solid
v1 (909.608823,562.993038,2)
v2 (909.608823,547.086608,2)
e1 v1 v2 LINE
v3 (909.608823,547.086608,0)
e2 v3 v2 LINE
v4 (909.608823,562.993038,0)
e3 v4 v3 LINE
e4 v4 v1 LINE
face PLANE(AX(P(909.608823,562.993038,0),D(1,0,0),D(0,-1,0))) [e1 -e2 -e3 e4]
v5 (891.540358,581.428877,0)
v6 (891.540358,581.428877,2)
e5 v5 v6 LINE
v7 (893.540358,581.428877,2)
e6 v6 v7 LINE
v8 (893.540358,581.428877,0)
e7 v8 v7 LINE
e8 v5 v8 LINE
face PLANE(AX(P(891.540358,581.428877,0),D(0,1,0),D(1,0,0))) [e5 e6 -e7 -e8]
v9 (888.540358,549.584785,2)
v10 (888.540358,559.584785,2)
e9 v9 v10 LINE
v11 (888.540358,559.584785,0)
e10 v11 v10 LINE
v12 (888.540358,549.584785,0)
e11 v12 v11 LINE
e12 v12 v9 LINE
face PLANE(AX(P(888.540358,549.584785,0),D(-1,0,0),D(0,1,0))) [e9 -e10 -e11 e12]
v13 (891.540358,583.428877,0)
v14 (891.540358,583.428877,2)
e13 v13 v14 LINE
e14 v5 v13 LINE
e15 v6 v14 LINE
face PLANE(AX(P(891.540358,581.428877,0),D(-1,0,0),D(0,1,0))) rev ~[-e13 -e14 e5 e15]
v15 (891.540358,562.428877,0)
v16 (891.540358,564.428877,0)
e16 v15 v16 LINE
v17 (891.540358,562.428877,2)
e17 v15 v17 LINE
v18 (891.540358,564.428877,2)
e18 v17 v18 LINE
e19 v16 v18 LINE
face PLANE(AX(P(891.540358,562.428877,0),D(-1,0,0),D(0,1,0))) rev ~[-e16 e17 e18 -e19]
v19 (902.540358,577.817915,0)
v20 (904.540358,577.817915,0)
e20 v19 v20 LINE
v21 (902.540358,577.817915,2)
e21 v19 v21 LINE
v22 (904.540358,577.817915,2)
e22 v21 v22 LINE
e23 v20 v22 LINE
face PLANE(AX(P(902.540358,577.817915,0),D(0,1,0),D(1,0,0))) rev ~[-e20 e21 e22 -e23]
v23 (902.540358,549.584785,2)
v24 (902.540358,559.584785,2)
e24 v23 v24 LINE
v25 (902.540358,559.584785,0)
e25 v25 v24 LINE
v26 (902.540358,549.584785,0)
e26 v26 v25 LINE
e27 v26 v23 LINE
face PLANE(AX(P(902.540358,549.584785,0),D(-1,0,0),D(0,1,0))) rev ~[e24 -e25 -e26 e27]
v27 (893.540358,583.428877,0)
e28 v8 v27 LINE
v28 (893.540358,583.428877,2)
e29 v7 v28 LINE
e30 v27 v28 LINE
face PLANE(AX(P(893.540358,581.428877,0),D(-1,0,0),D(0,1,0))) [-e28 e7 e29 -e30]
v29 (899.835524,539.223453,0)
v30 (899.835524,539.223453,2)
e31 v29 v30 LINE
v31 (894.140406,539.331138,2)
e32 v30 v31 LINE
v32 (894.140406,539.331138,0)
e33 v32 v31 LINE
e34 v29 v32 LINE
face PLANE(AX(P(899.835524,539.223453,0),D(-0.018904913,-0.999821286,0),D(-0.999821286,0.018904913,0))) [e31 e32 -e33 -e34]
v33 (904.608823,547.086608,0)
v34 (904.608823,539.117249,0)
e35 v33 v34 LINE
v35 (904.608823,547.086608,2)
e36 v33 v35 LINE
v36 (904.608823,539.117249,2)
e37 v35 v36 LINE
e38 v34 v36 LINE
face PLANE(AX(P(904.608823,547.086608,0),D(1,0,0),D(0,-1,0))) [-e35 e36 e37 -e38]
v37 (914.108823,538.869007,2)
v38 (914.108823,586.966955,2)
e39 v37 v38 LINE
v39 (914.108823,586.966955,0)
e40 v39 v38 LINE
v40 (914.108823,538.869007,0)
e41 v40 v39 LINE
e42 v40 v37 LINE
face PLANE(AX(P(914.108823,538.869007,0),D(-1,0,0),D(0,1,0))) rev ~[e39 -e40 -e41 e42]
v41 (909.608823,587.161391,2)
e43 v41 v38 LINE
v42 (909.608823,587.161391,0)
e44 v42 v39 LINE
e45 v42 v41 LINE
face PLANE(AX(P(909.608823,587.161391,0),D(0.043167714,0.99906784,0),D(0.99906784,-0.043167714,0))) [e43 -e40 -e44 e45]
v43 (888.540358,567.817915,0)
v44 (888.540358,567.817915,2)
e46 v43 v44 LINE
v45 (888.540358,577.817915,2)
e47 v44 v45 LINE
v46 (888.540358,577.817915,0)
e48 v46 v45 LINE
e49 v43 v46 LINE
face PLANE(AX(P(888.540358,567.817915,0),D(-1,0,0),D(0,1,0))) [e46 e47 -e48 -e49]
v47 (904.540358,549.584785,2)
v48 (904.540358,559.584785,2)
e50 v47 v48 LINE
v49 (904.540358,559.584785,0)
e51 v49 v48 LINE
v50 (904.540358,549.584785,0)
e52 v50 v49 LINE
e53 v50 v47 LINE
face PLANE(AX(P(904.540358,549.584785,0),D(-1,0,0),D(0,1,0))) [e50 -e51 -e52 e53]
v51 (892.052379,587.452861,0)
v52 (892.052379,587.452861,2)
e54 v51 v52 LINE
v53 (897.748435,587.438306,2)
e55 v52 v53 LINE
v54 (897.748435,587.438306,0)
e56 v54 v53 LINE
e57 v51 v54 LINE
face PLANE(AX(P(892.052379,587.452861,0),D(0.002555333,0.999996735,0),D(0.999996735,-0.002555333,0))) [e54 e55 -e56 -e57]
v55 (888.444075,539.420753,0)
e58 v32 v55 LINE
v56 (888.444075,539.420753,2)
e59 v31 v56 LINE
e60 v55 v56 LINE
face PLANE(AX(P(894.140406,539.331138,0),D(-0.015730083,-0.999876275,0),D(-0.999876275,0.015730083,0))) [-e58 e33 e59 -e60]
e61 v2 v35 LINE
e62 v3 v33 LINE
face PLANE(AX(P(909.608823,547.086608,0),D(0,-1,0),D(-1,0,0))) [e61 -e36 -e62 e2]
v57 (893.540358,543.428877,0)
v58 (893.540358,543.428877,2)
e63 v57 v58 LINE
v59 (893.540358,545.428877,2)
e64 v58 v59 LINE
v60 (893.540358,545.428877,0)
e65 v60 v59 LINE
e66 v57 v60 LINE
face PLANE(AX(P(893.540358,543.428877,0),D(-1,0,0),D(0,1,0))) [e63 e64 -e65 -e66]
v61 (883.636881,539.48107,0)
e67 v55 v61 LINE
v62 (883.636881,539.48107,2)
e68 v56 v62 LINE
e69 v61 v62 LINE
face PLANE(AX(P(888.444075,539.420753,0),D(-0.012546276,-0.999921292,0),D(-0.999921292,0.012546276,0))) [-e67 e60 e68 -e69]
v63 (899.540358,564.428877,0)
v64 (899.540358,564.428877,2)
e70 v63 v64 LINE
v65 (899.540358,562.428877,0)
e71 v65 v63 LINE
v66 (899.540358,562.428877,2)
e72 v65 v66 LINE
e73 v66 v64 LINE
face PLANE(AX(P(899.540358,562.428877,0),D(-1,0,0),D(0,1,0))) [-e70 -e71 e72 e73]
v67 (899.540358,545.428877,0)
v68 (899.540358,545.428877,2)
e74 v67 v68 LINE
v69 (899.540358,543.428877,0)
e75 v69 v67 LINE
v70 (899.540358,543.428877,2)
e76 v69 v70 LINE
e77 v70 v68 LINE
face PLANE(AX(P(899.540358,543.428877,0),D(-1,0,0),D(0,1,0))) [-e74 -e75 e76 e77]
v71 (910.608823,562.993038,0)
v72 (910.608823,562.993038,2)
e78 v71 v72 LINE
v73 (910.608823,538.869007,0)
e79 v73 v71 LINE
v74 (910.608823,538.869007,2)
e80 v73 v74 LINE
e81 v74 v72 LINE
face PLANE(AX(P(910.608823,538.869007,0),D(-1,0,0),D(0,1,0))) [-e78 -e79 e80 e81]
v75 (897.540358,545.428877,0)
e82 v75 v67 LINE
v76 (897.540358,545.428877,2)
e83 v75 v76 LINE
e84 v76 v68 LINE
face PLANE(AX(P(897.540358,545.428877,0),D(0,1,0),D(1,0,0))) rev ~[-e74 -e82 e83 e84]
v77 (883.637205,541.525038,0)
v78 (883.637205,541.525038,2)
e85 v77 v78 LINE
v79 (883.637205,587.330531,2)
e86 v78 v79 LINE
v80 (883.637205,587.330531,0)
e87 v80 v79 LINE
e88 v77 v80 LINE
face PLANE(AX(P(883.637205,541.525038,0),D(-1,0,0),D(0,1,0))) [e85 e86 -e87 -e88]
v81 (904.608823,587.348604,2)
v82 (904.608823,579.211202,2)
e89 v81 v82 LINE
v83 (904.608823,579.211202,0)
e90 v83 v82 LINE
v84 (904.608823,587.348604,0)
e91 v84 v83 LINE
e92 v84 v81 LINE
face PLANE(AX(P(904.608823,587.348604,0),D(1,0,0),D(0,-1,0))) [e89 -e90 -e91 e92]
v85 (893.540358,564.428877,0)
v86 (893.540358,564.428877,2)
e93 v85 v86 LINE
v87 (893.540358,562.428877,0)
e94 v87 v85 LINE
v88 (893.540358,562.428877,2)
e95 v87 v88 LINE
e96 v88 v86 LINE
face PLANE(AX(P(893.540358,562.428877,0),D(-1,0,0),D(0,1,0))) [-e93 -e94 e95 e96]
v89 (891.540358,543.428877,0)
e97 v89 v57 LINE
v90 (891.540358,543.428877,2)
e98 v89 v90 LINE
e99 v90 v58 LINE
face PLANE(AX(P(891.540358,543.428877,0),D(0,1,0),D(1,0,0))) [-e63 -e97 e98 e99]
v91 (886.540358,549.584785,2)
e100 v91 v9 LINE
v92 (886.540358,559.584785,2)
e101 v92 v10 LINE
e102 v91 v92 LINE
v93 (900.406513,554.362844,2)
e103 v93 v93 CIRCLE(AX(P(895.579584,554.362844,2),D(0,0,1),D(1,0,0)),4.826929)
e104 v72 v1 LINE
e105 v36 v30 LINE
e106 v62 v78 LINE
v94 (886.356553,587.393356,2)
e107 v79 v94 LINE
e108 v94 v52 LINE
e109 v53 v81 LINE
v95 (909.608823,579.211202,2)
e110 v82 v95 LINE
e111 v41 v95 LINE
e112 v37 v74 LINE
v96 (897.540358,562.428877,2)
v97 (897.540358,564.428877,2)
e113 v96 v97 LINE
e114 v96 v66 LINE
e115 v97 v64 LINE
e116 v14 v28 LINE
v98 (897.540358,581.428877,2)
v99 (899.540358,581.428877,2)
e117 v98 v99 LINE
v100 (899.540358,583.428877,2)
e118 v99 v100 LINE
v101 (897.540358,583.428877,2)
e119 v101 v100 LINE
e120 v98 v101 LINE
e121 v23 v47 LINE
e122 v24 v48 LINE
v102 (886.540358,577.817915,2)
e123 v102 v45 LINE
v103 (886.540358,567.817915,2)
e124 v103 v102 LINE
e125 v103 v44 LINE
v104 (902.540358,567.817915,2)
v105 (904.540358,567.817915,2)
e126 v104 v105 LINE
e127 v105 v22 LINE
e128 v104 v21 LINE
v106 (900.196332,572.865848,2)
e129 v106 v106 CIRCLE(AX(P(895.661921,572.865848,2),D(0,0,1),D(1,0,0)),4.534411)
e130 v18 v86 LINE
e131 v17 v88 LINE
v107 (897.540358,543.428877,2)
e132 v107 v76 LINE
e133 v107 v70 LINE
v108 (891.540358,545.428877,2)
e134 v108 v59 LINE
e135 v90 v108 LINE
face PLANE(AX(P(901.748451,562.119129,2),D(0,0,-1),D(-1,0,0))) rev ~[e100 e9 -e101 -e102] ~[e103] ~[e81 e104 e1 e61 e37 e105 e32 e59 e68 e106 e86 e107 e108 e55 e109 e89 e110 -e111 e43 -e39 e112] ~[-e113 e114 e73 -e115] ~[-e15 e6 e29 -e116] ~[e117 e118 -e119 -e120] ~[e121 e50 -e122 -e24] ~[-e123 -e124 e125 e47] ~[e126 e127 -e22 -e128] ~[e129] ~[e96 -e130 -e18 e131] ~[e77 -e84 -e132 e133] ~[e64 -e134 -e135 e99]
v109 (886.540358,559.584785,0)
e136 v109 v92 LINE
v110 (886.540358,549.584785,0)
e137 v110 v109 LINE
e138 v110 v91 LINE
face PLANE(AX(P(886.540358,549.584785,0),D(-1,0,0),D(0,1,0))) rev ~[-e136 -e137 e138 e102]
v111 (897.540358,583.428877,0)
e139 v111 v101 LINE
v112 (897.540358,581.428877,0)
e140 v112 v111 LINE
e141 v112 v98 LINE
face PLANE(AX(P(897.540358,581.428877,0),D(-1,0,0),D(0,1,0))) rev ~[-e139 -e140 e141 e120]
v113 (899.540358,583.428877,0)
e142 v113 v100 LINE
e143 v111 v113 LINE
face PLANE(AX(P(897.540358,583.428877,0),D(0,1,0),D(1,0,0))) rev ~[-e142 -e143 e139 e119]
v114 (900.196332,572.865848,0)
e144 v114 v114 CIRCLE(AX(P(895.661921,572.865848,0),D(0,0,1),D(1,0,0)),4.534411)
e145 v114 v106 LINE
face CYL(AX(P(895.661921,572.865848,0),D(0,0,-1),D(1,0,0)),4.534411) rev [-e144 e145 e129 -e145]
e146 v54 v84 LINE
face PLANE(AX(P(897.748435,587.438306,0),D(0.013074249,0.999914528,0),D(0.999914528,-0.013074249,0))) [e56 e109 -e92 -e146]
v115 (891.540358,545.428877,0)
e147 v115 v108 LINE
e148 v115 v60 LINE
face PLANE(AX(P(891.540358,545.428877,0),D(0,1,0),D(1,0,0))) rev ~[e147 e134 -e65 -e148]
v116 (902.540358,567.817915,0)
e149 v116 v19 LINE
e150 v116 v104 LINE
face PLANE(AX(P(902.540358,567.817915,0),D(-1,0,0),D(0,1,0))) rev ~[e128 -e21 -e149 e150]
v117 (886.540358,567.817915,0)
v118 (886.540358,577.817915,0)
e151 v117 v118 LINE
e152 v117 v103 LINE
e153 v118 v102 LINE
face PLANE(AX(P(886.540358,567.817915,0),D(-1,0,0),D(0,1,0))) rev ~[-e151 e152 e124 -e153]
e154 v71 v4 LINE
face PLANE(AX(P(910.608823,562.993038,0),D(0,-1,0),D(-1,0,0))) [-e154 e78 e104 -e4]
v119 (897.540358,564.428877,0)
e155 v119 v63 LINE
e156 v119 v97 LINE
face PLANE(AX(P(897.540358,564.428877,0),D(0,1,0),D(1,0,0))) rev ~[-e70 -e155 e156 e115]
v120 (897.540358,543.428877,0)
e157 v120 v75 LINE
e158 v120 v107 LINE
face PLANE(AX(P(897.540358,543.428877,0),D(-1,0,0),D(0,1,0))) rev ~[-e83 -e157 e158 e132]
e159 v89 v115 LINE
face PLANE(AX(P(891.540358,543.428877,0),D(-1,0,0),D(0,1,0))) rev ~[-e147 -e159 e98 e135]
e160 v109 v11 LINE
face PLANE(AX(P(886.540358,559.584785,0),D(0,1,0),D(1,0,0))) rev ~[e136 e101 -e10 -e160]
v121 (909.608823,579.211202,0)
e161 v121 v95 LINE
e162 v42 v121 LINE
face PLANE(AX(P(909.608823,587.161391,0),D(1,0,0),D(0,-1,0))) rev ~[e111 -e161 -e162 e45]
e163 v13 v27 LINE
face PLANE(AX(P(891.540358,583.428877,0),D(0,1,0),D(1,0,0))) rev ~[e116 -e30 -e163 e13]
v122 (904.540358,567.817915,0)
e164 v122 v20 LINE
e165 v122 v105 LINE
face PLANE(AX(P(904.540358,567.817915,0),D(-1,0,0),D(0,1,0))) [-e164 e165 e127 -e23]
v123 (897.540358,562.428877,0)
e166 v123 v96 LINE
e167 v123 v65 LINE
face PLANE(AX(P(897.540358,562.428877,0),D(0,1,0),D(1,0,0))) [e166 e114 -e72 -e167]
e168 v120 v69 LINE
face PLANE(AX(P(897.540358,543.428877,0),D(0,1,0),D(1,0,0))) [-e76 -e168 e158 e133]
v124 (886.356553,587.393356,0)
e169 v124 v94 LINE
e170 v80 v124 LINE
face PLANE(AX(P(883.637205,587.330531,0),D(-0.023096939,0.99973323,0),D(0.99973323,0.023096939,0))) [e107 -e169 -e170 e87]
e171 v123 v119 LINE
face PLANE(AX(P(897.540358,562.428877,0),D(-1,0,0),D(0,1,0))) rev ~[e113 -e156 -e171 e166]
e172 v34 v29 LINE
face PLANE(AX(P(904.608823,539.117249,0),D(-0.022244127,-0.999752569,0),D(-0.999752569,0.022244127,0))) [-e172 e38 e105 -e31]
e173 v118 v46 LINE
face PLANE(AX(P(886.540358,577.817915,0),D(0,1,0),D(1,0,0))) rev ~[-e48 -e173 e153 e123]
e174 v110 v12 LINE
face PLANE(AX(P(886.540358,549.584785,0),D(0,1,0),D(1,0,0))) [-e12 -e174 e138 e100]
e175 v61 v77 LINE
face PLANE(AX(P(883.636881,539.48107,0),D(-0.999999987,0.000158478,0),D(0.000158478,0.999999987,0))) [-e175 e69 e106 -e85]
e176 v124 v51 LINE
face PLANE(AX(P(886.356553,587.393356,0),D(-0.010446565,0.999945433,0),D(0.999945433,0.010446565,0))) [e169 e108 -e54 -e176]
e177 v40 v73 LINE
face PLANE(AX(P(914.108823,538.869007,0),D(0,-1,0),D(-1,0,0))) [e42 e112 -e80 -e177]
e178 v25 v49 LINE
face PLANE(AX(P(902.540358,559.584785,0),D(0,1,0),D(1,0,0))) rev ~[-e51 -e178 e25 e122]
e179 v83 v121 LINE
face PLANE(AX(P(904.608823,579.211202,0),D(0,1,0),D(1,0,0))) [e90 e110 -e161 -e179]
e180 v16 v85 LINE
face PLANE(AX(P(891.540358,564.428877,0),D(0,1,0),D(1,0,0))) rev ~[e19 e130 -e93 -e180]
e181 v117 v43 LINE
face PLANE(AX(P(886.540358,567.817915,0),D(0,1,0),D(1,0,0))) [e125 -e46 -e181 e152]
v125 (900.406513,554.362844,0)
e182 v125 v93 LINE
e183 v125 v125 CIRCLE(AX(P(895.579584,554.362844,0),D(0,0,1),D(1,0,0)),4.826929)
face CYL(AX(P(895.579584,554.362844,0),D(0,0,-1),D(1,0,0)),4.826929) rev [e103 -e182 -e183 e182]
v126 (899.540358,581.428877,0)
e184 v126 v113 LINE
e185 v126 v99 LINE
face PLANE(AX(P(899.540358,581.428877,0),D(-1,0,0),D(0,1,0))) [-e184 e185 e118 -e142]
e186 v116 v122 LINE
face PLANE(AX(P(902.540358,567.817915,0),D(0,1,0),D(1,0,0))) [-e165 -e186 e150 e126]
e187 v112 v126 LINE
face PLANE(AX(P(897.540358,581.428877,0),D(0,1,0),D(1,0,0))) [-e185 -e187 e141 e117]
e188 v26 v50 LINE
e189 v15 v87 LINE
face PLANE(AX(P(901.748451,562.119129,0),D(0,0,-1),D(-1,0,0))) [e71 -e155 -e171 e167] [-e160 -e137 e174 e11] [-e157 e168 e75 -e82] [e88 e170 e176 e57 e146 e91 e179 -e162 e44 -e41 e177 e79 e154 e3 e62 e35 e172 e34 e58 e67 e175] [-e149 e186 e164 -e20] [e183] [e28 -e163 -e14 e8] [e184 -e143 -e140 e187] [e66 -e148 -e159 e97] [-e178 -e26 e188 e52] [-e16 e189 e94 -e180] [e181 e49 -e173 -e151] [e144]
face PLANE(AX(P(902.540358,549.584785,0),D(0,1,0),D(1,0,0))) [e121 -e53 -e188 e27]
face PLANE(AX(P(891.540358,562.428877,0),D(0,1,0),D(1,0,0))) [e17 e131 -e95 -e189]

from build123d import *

# Parameters (mm, degrees)
MODEL_R         = 4.534410691
MODEL_R_2       = 4.826928656
MODEL_W         = 2
MODEL_H         = 10
MODEL_H_2       = 2
EXTRUDE_1_DEPTH = 2


with BuildPart() as part:
    # Model → 凸台-拉伸1 (new body)
    with BuildSketch(Plane.XY):
        Polygon((883.637204973, 587.330530622), (886.356553012, 587.393355998), (892.052378601, 587.452861056), (897.748434881, 587.438305688), (904.608822678, 587.348603606), (904.608822678, 579.211202345), (909.608822678, 579.211202345), (909.608822678, 580.211202345), (909.608822678, 587.161390594), (914.108822678, 586.966954635), (914.108822678, 579.859457913), (914.108822678, 538.869007346), (910.608822678, 538.869007346), (910.608822678, 562.993038329), (909.608822678, 562.993038329), (909.608822678, 547.086608467), (904.608822678, 547.086608467), (904.608822678, 539.117249216), (899.835523647, 539.223453365), (894.140406006, 539.331138315), (888.444075417, 539.420753158), (883.636881049, 539.481070293), (883.637204973, 541.525037946), align=None)
        with Locations((895.661921161, 572.865848158)):
            Circle(MODEL_R, mode=Mode.SUBTRACT)
        with Locations((895.579584436, 554.362843803)):
            Circle(MODEL_R_2, mode=Mode.SUBTRACT)
        with Locations((887.540358452, 554.584784532)):
            Rectangle(MODEL_W, MODEL_H, mode=Mode.SUBTRACT)
        with Locations((887.540358452, 572.817915241)):
            Rectangle(MODEL_W, MODEL_H, mode=Mode.SUBTRACT)
        with Locations((903.540358452, 572.817915241)):
            Rectangle(MODEL_W, MODEL_H, mode=Mode.SUBTRACT)
        with Locations((903.540358452, 554.584784532)):
            Rectangle(MODEL_W, MODEL_H, mode=Mode.SUBTRACT)
        with Locations((898.540358452, 544.428876798)):
            Rectangle(MODEL_W, MODEL_H_2, mode=Mode.SUBTRACT)
        with Locations((892.540358452, 544.428876798)):
            Rectangle(MODEL_W, MODEL_H_2, mode=Mode.SUBTRACT)
        with Locations((898.540358452, 563.428876798)):
            Rectangle(MODEL_W, MODEL_H_2, mode=Mode.SUBTRACT)
        with Locations((892.540358452, 563.428876798)):
            Rectangle(MODEL_W, MODEL_H_2, mode=Mode.SUBTRACT)
        with Locations((898.540358452, 582.428876798)):
            Rectangle(MODEL_W, MODEL_H_2, mode=Mode.SUBTRACT)
        with Locations((892.540358452, 582.428876798)):
            Rectangle(MODEL_W, MODEL_H_2, mode=Mode.SUBTRACT)
    extrude(amount=EXTRUDE_1_DEPTH)


solid = part.part
